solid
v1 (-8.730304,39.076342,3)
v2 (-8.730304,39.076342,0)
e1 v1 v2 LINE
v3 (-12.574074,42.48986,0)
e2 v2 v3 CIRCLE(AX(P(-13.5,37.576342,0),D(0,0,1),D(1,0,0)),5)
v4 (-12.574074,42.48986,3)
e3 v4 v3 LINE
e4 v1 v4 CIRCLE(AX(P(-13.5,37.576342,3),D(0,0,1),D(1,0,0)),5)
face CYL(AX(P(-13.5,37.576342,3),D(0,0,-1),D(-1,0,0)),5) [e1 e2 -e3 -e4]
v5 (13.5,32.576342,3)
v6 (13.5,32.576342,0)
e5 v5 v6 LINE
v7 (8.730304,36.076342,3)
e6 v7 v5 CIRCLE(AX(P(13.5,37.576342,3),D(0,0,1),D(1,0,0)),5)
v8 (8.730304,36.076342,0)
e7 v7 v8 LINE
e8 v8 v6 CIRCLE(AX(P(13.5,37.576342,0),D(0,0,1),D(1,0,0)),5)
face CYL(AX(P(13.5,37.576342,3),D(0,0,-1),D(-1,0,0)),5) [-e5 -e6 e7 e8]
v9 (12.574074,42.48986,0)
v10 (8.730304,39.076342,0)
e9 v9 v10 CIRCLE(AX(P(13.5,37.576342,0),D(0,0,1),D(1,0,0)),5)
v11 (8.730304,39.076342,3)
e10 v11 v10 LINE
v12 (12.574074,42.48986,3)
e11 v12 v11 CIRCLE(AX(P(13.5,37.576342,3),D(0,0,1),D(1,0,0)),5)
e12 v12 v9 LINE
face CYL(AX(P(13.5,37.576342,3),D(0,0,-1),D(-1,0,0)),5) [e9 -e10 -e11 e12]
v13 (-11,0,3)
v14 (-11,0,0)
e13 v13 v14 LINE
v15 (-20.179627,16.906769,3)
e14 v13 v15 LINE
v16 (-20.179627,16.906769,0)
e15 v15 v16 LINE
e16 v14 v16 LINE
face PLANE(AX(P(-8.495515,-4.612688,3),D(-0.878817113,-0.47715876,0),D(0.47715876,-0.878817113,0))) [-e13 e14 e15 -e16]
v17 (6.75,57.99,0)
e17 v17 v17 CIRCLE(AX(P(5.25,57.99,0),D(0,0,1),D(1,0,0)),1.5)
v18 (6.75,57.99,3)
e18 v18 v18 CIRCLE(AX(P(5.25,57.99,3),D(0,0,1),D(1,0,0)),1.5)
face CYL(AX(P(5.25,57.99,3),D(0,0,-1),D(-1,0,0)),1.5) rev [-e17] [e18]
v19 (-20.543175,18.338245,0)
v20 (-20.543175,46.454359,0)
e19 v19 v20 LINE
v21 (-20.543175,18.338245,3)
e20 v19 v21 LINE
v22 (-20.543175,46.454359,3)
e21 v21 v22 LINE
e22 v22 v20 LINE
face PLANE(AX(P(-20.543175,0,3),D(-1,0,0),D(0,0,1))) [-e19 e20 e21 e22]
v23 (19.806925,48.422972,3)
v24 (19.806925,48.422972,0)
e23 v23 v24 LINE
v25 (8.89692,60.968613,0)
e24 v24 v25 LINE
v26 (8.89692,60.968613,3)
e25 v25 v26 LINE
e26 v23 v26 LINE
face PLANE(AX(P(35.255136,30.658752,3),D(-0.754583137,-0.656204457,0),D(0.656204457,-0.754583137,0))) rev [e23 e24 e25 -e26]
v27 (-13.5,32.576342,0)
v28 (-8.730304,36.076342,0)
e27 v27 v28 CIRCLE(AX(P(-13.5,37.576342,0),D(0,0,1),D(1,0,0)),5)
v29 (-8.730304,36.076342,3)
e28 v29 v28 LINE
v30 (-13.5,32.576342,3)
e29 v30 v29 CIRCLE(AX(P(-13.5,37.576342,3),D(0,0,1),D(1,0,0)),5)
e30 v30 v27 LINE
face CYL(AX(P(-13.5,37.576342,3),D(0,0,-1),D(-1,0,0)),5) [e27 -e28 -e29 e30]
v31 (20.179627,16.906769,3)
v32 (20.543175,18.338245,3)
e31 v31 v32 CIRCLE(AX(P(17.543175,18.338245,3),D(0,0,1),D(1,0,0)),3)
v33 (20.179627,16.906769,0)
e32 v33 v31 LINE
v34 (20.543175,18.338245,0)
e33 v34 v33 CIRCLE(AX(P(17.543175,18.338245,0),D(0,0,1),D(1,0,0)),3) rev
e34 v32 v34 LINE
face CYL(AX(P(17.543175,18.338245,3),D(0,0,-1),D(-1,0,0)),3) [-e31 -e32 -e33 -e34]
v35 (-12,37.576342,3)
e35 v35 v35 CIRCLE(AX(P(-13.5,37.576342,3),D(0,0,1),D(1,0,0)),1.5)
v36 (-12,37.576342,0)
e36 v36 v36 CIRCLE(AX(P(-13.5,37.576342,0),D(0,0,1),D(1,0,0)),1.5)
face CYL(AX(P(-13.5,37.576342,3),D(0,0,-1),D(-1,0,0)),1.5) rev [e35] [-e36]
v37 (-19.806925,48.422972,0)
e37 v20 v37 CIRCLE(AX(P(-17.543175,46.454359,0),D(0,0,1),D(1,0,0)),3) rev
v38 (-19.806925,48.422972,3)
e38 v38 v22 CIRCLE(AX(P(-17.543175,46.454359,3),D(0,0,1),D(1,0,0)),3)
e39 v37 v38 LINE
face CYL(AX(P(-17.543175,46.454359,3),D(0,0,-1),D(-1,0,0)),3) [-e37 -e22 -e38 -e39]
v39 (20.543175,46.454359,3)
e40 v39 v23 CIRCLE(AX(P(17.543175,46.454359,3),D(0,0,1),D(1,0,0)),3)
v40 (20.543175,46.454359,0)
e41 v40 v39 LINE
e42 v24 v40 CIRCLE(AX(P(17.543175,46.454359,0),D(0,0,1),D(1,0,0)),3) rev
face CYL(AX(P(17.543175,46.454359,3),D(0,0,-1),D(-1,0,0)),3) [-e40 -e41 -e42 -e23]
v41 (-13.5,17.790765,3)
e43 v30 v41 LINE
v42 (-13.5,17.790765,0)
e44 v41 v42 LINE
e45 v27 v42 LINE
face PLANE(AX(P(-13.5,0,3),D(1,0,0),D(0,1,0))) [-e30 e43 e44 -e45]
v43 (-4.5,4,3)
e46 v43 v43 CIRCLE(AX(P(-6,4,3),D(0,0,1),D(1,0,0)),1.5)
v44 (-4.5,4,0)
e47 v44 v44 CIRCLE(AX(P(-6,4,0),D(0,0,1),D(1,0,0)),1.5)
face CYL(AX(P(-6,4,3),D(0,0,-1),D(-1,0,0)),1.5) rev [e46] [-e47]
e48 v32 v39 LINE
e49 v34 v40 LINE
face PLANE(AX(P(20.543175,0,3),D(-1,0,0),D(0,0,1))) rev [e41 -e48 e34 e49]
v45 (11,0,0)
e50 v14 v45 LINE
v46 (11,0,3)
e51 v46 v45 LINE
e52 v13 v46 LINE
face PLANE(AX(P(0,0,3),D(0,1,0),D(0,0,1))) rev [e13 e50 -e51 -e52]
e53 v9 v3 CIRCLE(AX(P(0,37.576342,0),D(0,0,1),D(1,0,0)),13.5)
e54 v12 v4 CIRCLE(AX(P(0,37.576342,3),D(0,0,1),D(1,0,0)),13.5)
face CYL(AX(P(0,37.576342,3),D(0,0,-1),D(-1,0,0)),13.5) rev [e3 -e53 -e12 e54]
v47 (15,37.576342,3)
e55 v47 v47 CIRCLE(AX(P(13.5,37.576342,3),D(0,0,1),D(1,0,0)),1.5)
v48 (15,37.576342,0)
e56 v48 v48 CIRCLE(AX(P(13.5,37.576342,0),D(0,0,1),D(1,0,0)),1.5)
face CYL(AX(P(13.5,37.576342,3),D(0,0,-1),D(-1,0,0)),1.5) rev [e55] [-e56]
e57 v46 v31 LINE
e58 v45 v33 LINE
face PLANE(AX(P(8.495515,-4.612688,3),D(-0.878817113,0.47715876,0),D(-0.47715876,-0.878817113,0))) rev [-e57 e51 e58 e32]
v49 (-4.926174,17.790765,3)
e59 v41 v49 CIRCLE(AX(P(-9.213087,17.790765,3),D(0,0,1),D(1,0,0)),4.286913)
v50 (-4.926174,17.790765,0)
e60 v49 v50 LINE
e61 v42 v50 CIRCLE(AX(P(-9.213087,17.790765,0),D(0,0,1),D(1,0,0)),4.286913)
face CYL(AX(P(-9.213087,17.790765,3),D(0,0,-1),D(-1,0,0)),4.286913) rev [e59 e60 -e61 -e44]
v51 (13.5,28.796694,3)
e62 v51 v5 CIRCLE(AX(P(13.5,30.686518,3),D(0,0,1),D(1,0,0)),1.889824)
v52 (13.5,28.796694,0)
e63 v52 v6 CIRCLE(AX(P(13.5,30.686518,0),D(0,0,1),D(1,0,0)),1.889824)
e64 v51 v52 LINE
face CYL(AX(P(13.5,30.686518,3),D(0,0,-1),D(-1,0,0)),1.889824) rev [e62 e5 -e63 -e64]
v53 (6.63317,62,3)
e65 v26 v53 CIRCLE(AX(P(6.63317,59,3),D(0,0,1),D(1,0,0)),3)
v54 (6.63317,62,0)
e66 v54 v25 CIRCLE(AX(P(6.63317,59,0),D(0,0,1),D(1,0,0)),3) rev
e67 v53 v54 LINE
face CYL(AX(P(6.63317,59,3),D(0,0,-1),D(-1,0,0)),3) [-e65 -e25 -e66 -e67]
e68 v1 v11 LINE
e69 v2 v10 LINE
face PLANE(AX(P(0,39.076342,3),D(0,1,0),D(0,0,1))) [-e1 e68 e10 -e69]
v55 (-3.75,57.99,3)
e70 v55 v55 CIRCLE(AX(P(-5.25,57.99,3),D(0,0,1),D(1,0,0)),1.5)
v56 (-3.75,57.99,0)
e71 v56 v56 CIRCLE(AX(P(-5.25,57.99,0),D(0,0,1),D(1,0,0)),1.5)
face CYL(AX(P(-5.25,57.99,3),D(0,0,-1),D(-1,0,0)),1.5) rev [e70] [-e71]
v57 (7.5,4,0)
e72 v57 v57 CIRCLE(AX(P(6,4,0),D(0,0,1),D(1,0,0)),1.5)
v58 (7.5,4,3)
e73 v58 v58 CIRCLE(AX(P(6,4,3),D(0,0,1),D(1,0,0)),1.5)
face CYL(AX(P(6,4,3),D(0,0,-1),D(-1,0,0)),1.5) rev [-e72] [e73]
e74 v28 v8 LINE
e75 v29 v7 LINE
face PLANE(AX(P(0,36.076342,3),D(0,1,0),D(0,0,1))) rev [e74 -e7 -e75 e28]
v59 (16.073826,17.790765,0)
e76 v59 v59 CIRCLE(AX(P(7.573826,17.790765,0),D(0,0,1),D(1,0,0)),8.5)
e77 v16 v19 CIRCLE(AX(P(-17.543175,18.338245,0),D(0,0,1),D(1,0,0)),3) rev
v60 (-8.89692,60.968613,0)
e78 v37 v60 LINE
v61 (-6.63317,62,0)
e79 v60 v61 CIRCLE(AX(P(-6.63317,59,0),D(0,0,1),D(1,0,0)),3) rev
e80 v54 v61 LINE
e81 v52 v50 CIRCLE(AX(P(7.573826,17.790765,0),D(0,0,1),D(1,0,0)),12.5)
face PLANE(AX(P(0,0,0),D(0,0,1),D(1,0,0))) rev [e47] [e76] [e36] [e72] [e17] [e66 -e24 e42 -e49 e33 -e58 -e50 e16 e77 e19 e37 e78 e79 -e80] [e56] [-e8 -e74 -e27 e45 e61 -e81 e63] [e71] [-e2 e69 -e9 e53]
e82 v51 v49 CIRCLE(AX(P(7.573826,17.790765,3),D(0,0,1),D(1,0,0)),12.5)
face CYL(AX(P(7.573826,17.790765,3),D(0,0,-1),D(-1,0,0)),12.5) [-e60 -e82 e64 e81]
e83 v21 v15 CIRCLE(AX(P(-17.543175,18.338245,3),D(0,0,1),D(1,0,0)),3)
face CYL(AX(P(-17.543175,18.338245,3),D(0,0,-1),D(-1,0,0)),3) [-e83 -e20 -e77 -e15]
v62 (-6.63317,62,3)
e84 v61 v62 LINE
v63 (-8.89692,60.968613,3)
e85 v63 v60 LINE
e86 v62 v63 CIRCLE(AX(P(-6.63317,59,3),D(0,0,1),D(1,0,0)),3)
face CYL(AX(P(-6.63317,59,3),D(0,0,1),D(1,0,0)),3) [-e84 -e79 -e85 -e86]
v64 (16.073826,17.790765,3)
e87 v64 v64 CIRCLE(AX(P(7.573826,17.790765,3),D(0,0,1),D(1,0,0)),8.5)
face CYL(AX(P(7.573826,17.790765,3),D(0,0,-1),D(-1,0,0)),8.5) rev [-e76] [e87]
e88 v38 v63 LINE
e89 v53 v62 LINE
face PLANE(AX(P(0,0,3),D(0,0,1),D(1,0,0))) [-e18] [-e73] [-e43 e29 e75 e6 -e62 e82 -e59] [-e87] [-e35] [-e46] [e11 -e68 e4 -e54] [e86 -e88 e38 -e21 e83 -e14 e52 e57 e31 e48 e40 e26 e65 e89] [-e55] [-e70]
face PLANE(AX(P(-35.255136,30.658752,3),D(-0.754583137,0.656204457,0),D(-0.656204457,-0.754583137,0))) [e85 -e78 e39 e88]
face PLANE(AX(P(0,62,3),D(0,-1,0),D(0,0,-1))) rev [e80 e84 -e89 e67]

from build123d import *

# Parameters (mm, degrees)
IZIM3_R                     = 1.5
IZIM3_R_2                   = 8.5
Y_KSEKLIK_EKSTR_ZYON1_DEPTH = 3
RADYUS1_R                   = 3


with BuildPart() as part:
    # Çizim3 → Yükseklik-Ekstrüzyon1 (new body)
    with BuildSketch(Plane.XY):
        Polygon((-11, 0), (11, 0), (20.543175205, 17.576342253), (20.543175205, 47.576342253), (8, 62), (-8, 62), (-20.543175205, 47.576342253), (-20.543175205, 17.576342253), align=None)
        with Locations((-6, 4)):
            Circle(IZIM3_R, mode=Mode.SUBTRACT)
        with Locations((6, 4)):
            Circle(IZIM3_R, mode=Mode.SUBTRACT)
        with Locations((-5.25, 57.99)):
            Circle(IZIM3_R, mode=Mode.SUBTRACT)
        with Locations((5.25, 57.99)):
            Circle(IZIM3_R, mode=Mode.SUBTRACT)
        with Locations((-13.5, 37.576342253)):
            Circle(IZIM3_R, mode=Mode.SUBTRACT)
        with Locations((13.5, 37.576342253)):
            Circle(IZIM3_R, mode=Mode.SUBTRACT)
        with Locations((7.573825848, 17.79076532)):
            Circle(IZIM3_R_2, mode=Mode.SUBTRACT)
        with BuildLine():
            Line((-8.730303993, 36.076342253), (8.730303993, 36.076342253))
            ThreePointArc((8.730303993, 36.076342253), (10.541960108, 33.545213379), (13.5, 32.576342253))
            ThreePointArc((13.5, 32.576342253), (15.389824267, 30.686517986), (13.5, 28.796693719))
            ThreePointArc((13.5, 28.796693719), (1.163957554, 28.522195255), (-4.926174152, 17.79076532))
            ThreePointArc((-4.926174152, 17.79076532), (-9.213087076, 13.503852396), (-13.5, 17.79076532))
            Line((-13.5, 17.79076532), (-13.5, 32.576342253))
            ThreePointArc((-13.5, 32.576342253), (-10.541960108, 33.545213379), (-8.730303993, 36.076342253))
        make_face(mode=Mode.SUBTRACT)
        with BuildLine():
            Line((-8.730303993, 39.076342253), (8.730303993, 39.076342253))
            ThreePointArc((8.730303993, 39.076342253), (10.179901517, 41.314917658), (12.574074074, 42.489860461))
            ThreePointArc((12.574074074, 42.489860461), (0, 51.076342253), (-12.574074074, 42.489860461))
            ThreePointArc((-12.574074074, 42.489860461), (-10.179901517, 41.314917658), (-8.730303993, 39.076342253))
        make_face(mode=Mode.SUBTRACT)
    extrude(amount=Y_KSEKLIK_EKSTR_ZYON1_DEPTH)

    # Radyus1
    radyus1_edges = [part.edges().sort_by_distance(p)[0] for p in [
        (-8, 62, 1.5),
        (8, 62, 1.5),
        (20.543175205, 47.576342253, 1.5),
        (20.543175205, 17.576342253, 1.5),
        (-20.543175205, 17.576342253, 1.5),
        (-20.543175205, 47.576342253, 1.5),
    ]]
    fillet(radyus1_edges, radius=RADYUS1_R)


solid = part.part
